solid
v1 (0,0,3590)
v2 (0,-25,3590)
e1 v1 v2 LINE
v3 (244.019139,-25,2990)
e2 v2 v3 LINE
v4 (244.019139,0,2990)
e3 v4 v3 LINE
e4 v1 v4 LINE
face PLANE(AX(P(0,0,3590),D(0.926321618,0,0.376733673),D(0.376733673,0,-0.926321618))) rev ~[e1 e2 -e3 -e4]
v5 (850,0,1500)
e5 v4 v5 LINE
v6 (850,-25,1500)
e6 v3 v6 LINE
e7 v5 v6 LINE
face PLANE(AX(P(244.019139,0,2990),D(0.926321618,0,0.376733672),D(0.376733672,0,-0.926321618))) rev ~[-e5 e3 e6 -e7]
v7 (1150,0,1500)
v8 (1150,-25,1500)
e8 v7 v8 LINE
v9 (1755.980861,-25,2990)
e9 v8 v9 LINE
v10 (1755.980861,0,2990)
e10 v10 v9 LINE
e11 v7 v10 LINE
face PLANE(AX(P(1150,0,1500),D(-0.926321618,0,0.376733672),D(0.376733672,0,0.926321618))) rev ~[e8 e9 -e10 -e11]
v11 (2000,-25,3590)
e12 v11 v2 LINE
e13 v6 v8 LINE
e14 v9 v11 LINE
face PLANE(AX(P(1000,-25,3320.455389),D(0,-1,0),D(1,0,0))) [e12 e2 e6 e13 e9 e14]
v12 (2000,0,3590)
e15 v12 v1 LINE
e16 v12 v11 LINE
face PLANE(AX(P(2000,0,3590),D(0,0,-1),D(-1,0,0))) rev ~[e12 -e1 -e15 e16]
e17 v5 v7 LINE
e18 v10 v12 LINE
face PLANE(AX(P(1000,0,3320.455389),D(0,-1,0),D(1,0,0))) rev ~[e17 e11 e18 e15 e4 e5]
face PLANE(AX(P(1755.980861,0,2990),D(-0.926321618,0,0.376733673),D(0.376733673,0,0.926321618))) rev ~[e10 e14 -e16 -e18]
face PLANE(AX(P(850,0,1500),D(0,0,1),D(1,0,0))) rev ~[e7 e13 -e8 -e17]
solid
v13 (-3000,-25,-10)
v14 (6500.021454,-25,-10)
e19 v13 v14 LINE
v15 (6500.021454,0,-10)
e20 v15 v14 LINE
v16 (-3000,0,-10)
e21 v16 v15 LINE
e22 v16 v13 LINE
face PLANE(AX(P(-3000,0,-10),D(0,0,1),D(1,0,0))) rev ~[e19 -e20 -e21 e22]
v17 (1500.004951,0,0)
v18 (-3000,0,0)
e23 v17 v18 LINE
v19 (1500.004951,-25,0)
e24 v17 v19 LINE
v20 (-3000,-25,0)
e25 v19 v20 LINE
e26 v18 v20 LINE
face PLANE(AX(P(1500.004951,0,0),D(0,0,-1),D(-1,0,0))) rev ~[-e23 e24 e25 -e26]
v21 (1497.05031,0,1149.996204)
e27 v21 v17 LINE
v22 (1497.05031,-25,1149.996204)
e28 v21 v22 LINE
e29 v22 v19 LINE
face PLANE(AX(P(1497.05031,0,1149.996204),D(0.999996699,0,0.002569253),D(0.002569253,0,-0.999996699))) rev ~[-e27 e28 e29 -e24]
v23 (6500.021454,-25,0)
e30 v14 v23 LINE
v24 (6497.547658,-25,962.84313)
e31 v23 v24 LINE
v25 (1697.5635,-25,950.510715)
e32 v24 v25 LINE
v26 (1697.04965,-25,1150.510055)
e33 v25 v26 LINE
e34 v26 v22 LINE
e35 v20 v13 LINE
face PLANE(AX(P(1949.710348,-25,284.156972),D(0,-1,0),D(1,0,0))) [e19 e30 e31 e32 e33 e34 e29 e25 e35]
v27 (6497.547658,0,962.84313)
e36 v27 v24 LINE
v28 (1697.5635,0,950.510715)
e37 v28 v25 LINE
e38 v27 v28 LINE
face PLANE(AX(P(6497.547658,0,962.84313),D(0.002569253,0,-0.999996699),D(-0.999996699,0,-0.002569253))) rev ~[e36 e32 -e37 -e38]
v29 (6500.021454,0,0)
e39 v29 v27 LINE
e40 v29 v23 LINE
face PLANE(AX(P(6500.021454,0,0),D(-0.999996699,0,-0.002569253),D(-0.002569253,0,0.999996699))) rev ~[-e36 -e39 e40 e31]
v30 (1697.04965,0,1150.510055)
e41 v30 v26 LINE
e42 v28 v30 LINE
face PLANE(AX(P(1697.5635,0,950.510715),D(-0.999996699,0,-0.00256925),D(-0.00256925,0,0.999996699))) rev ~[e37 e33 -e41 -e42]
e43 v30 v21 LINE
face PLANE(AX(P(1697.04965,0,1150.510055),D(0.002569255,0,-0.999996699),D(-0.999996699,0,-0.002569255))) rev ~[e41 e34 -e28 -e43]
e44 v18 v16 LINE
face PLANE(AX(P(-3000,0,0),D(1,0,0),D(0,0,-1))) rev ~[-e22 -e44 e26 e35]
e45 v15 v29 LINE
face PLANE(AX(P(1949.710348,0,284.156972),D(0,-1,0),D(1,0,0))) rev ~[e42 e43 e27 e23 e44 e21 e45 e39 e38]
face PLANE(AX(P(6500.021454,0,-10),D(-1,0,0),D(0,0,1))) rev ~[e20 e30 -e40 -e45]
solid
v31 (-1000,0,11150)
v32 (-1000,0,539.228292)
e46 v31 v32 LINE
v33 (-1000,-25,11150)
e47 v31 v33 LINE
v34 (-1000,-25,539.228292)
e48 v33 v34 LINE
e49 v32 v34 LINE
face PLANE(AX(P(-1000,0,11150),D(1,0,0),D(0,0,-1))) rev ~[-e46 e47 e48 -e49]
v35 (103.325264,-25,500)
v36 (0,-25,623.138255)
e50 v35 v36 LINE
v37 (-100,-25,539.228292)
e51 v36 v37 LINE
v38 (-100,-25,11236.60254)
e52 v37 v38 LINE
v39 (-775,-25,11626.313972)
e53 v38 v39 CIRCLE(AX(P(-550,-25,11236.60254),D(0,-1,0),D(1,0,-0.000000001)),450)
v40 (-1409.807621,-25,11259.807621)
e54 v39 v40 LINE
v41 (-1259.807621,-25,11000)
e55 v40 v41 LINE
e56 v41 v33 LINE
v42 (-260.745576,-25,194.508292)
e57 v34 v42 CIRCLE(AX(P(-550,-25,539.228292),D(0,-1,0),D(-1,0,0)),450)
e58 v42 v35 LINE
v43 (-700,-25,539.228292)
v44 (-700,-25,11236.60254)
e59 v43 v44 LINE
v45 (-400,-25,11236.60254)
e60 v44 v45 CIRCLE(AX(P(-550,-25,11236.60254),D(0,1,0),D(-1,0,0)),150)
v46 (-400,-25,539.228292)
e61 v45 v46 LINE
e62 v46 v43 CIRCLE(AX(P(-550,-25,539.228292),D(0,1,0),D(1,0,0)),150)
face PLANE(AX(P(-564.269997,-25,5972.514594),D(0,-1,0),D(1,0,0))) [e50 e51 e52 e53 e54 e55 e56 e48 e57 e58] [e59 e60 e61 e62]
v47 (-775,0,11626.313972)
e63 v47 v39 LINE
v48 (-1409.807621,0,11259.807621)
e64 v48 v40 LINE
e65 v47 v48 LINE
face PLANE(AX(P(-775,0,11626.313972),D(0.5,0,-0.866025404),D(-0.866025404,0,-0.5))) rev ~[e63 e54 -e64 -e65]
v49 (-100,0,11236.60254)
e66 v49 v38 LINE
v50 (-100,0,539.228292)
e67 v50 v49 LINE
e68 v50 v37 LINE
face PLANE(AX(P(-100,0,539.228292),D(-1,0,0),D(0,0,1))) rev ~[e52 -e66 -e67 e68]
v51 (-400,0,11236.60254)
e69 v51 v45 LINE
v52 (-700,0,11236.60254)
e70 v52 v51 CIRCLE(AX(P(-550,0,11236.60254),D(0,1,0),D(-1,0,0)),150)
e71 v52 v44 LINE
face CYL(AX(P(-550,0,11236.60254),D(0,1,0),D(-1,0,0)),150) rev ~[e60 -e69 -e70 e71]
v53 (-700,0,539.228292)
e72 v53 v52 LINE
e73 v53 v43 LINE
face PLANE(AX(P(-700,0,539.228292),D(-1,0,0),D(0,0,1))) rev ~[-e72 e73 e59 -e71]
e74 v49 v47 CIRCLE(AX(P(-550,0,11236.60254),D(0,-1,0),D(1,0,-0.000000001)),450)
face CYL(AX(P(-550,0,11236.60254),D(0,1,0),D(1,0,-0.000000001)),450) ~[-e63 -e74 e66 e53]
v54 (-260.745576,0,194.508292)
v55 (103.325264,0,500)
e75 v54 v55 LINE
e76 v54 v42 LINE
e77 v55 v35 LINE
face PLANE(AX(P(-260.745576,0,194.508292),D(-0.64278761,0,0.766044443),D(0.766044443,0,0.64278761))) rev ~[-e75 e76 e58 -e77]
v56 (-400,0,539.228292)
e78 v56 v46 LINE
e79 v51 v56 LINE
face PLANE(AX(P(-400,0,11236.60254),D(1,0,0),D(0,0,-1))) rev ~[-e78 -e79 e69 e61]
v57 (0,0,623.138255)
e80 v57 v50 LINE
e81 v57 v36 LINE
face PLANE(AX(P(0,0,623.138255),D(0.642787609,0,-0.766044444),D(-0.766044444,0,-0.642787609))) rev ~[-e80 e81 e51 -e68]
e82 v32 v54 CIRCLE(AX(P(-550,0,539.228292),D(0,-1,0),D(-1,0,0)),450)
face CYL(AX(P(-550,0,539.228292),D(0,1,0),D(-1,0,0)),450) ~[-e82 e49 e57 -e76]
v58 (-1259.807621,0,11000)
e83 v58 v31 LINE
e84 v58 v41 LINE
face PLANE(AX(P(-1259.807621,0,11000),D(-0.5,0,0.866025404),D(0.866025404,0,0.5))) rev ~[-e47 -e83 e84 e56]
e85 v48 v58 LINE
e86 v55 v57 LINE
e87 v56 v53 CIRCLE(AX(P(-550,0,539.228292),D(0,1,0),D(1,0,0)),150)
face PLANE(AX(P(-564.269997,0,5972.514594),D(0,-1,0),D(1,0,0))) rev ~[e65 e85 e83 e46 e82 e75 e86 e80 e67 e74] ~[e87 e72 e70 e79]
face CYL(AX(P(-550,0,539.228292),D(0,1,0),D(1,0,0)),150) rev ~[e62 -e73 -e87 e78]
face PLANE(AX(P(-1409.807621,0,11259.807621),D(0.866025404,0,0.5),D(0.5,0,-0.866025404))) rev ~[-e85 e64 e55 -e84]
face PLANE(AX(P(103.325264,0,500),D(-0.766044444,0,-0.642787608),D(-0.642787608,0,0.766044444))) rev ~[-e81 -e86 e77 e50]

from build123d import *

# Parameters (mm, degrees)
F1_DEPTH = 25


with BuildPart() as f1:
    # F0 (on Front) → F1 (new body)
    with BuildSketch(Plane.XZ):
        Polygon((2000, 3590), (0, 3590), (244.019139, 2990), (1755.980861, 2990), align=None)
        Polygon((1755.980861, 2990), (244.019139, 2990), (850, 1500), (1150, 1500), align=None)
        Polygon((1500.004951, 0), (-3000, 0), (-3000, -10), (6500.021454, -10), (6500.021454, 0), (6497.547658, 962.84313), (1697.5635, 950.510715), (1697.04965, 1150.510055), (1497.05031, 1149.996204), align=None)
        with BuildLine():
            Line((-100, 539.228292), (-100, 11236.60254))
            ThreePointArc((-100, 11236.60254), (-325, 11626.313972), (-775, 11626.313972))
            Line((-775, 11626.313972), (-1409.807621, 11259.807621))
            Line((-1409.807621, 11259.807621), (-1259.807621, 11000))
            Line((-1259.807621, 11000), (-1000, 11150))
            Line((-1000, 11150), (-1000, 539.228292))
            ThreePointArc((-1000, 539.228292), (-740.178218, 131.389788), (-260.745576, 194.508292))
            Line((-260.745576, 194.508292), (103.325264, 500))
            Line((103.325264, 500), (0, 623.138255))
            Line((0, 623.138255), (-100, 539.228292))
        make_face()
        with BuildLine():
            Line((-400, 11236.60254), (-400, 539.228292))
            ThreePointArc((-400, 539.228292), (-550, 389.228292), (-700, 539.228292))
            Line((-700, 539.228292), (-700, 11236.60254))
            ThreePointArc((-700, 11236.60254), (-550, 11386.60254), (-400, 11236.60254))
        make_face(mode=Mode.SUBTRACT)
    extrude(amount=F1_DEPTH)


solid = f1.part
